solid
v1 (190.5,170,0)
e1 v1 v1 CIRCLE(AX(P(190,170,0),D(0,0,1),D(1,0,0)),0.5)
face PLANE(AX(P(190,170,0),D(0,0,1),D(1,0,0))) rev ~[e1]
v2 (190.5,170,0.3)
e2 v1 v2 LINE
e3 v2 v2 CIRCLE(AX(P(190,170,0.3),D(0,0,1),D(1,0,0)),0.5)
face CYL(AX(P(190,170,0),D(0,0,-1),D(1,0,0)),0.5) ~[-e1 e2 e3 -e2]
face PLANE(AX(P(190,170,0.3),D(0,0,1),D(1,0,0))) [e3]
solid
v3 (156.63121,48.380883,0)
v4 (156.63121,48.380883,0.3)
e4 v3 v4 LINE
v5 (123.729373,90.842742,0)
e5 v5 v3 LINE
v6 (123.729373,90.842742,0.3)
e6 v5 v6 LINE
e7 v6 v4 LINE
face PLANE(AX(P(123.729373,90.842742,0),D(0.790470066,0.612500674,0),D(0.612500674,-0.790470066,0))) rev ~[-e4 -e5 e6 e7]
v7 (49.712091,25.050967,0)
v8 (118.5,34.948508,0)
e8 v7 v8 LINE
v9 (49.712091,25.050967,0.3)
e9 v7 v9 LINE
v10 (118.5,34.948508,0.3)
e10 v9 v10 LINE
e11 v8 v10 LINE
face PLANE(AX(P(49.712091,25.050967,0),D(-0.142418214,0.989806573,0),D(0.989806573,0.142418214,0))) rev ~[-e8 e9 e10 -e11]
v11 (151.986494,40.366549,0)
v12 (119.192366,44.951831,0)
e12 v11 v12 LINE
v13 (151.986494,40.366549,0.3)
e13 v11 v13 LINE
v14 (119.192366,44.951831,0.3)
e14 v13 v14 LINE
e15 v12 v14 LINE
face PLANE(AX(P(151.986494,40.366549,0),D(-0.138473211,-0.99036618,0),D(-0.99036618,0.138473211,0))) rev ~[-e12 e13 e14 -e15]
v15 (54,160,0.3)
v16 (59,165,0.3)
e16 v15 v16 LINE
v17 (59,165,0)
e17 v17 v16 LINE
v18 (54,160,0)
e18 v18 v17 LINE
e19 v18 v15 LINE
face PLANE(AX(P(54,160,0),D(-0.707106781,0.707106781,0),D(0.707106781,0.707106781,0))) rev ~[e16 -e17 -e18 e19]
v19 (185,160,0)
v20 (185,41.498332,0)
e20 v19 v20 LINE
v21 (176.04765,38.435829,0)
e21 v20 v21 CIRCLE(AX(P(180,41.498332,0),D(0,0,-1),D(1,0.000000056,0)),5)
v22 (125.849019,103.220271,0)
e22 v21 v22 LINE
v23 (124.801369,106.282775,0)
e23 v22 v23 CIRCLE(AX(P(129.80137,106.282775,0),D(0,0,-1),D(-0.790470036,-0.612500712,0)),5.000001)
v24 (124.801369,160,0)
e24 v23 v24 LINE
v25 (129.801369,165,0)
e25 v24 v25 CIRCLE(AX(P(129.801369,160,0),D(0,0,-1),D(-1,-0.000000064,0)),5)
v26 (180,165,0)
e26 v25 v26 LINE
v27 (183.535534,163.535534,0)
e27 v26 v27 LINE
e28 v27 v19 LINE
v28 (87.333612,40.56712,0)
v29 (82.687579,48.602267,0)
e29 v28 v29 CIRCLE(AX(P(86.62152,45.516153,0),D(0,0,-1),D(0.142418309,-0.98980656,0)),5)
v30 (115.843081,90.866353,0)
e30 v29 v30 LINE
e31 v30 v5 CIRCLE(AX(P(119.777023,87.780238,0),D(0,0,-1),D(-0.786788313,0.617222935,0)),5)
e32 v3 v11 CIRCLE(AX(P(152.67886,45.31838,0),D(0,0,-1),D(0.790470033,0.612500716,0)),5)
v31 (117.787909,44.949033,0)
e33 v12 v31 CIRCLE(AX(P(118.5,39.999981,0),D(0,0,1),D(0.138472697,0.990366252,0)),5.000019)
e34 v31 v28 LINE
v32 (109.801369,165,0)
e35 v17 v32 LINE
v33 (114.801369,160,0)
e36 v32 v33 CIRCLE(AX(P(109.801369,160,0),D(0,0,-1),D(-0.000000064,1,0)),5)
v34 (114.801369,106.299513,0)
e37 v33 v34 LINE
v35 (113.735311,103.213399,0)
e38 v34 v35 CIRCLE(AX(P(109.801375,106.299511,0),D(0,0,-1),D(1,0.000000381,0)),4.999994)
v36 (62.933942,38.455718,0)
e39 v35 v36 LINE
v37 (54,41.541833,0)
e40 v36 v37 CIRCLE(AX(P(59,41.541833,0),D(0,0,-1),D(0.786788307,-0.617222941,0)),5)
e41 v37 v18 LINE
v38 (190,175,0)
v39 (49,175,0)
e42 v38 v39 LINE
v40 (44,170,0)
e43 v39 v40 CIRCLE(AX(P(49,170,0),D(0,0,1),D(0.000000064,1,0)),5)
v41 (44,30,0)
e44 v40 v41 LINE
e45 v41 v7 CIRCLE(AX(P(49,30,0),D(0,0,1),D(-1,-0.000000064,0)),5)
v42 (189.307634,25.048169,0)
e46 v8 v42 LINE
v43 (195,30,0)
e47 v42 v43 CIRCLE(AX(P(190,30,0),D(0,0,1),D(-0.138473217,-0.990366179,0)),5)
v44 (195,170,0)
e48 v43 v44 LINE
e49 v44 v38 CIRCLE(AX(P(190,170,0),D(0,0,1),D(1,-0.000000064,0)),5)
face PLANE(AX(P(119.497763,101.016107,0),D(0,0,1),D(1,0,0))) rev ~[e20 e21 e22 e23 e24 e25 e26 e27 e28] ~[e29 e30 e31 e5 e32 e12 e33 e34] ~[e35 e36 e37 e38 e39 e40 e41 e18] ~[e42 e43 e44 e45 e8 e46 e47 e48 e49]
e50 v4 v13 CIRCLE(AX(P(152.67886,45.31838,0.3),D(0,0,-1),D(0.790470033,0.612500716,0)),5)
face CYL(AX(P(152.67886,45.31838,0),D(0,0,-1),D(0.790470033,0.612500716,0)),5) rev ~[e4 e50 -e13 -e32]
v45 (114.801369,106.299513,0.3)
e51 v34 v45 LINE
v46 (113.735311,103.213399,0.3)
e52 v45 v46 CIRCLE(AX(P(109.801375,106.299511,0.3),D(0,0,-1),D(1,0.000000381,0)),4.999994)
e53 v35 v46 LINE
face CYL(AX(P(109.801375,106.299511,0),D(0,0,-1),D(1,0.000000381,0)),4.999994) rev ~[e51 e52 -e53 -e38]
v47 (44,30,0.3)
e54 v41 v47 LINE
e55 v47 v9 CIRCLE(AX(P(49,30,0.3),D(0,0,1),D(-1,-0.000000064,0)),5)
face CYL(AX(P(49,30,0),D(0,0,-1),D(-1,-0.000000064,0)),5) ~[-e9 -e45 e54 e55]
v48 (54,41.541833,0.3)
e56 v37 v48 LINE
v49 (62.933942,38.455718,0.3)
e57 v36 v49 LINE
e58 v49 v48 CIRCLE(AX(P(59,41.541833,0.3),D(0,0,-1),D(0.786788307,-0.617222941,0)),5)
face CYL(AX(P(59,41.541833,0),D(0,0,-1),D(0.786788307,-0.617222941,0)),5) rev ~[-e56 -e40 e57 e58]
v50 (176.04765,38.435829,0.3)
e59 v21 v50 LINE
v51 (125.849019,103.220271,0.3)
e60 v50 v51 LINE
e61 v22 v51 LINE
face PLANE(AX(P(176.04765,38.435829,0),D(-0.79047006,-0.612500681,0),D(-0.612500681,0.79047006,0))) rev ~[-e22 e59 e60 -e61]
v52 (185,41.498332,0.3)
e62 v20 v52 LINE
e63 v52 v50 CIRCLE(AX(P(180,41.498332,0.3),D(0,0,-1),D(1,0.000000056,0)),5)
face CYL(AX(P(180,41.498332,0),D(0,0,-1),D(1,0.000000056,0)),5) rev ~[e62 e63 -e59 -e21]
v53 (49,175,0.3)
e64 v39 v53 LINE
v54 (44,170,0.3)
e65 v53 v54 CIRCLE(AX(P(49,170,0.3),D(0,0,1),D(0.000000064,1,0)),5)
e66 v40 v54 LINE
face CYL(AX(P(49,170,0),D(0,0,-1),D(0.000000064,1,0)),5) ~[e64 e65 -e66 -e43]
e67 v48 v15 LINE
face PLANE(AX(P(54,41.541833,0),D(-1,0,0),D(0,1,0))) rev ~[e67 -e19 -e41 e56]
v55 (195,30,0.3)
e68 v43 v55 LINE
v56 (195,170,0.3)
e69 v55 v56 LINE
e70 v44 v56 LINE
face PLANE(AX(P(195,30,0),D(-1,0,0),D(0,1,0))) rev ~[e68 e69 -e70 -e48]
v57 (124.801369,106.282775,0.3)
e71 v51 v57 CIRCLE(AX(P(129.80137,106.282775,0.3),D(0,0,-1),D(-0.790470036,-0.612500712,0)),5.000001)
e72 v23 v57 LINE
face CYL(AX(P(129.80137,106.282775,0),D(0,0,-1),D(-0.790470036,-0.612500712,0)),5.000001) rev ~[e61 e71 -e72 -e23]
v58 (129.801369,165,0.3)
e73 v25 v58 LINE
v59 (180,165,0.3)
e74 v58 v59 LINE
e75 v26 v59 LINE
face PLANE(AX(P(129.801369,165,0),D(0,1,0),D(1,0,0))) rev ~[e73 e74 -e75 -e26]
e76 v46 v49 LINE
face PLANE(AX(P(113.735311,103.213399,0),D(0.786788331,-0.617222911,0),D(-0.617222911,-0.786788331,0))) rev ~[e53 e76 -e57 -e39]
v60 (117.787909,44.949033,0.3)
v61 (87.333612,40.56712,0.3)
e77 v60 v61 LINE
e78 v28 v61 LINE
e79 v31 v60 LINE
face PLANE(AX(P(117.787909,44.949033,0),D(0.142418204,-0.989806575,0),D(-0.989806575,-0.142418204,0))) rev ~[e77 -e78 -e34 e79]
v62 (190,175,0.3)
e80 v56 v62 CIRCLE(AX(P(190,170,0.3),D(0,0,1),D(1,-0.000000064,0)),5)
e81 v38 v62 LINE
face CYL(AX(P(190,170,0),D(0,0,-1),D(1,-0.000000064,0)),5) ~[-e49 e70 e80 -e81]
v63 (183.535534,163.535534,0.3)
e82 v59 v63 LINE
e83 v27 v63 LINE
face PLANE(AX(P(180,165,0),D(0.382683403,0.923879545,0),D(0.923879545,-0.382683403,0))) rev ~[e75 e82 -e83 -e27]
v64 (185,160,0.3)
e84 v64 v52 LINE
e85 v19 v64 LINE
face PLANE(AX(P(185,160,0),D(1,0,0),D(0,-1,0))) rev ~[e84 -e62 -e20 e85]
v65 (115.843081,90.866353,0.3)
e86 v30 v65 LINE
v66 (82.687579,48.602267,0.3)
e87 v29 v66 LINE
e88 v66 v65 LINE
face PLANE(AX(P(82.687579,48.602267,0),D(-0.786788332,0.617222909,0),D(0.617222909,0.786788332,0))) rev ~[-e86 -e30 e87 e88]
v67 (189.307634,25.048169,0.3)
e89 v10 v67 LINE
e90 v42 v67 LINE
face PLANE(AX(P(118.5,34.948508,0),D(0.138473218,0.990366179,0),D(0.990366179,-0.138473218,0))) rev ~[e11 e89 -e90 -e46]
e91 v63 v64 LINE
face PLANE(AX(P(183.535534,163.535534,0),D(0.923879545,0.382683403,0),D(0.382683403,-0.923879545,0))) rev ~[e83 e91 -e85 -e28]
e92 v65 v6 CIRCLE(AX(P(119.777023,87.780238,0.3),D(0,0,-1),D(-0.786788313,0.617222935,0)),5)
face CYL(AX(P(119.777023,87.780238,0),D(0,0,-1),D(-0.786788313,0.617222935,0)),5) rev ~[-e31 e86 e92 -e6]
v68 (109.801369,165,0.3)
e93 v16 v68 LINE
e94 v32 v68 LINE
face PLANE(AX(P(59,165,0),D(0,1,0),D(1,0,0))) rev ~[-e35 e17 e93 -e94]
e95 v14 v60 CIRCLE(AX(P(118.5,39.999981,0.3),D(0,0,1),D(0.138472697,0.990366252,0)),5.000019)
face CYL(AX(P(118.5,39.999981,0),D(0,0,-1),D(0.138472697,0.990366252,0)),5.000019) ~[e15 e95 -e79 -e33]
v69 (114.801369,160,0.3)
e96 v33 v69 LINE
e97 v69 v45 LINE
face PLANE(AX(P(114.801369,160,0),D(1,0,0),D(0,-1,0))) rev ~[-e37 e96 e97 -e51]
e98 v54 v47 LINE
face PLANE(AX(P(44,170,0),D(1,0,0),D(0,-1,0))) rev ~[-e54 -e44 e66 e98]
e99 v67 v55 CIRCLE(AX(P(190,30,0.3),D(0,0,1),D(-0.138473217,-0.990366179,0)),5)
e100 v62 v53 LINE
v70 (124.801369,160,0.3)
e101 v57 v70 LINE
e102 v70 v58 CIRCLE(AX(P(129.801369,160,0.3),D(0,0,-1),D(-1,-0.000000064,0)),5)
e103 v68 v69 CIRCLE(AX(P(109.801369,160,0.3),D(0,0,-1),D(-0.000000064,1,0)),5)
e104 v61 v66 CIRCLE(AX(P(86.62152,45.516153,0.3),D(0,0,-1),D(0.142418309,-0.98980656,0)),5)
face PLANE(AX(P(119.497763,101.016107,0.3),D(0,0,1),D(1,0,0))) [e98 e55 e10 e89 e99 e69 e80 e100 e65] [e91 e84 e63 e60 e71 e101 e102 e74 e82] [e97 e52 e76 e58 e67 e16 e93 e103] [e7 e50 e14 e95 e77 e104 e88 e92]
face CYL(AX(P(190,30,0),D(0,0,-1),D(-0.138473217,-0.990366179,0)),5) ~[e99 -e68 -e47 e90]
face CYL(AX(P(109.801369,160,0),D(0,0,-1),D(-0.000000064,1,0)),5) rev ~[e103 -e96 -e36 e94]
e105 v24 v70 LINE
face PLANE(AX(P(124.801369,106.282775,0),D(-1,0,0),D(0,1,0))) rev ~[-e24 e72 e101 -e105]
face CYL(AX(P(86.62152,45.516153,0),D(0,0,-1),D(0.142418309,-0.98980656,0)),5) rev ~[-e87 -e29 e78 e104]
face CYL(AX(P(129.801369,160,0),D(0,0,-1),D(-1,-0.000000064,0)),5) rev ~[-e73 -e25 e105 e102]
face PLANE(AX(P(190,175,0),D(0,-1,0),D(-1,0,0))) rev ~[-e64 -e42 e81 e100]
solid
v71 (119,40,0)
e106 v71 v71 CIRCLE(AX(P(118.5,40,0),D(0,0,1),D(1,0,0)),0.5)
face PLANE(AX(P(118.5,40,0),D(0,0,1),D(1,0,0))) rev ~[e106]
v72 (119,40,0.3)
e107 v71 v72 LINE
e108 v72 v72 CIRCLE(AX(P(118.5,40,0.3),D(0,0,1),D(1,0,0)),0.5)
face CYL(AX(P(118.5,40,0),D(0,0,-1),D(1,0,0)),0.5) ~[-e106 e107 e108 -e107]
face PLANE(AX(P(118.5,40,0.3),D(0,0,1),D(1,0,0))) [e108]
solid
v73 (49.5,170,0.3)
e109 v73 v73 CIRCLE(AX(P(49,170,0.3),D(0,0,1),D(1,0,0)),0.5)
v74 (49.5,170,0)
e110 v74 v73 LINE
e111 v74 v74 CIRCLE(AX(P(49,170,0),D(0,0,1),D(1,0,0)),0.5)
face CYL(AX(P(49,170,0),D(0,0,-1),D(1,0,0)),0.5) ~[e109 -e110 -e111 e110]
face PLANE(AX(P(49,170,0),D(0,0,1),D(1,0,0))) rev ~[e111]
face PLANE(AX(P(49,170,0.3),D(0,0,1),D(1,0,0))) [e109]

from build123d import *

# Parameters (mm, degrees)
F1_R     = 0.5
F2_DEPTH = 0.3
F4_DEPTH = 0.3


with BuildPart() as f2:
    # F1 (on Top) → F2 (new body)
    with BuildSketch(Plane.XY):
        with Locations((118.5, 40)):
            Circle(F1_R)
        with Locations((190, 170)):
            Circle(F1_R)
        with Locations((49, 170)):
            Circle(F1_R)
    extrude(amount=F2_DEPTH)


with BuildPart() as f4:
    # F3 (on Top) → F4 (new body)
    with BuildSketch(Plane.XY):
        with BuildLine():
            Line((195, 30), (195, 170))
            ThreePointArc((195, 170), (193.535534, 173.535534), (190, 175))
            Line((190, 175), (49, 175))
            ThreePointArc((49, 175), (45.464466, 173.535534), (44, 170))
            Line((44, 170), (44, 30))
            ThreePointArc((44, 30), (45.725894, 26.221081), (49.712091, 25.050967))
            Line((49.712091, 25.050967), (118.5, 34.948508))
            Line((118.5, 34.948508), (189.307634, 25.048169))
            ThreePointArc((189.307634, 25.048169), (193.281628, 26.227611), (195, 30))
        make_face()
        with BuildLine():
            Line((151.986494, 40.366549), (119.192366, 44.951831))
            ThreePointArc((119.192366, 44.951831), (118.490039, 44.99999), (117.787909, 44.949033))
            Line((117.787909, 44.949033), (87.333612, 40.56712))
            ThreePointArc((87.333612, 40.56712), (82.293013, 43.01335), (82.687579, 48.602267))
            Line((82.687579, 48.602267), (115.843081, 90.866353))
            ThreePointArc((115.843081, 90.866353), (119.791993, 92.780216), (123.729373, 90.842742))
            Line((123.729373, 90.842742), (156.63121, 48.380883))
            ThreePointArc((156.63121, 48.380883), (157.004858, 42.811242), (151.986494, 40.366549))
        make_face(mode=Mode.SUBTRACT)
        with BuildLine():
            Line((54, 160), (59, 165))
            Line((59, 165), (109.801369, 165))
            ThreePointArc((109.801369, 165), (113.336903, 163.535534), (114.801369, 160))
            Line((114.801369, 160), (114.801369, 106.299513))
            ThreePointArc((114.801369, 106.299513), (114.527346, 104.666986), (113.735311, 103.213399))
            Line((113.735311, 103.213399), (62.933942, 38.455718))
            ThreePointArc((62.933942, 38.455718), (57.367473, 36.815856), (54, 41.541833))
            Line((54, 41.541833), (54, 160))
        make_face(mode=Mode.SUBTRACT)
        with BuildLine():
            Line((185, 160), (185, 41.498332))
            ThreePointArc((185, 41.498332), (181.618371, 36.767489), (176.04765, 38.435829))
            Line((176.04765, 38.435829), (125.849019, 103.220271))
            ThreePointArc((125.849019, 103.220271), (125.070526, 104.664404), (124.801369, 106.282775))
            Line((124.801369, 106.282775), (124.801369, 160))
            ThreePointArc((124.801369, 160), (126.265835, 163.535534), (129.801369, 165))
            Line((129.801369, 165), (180, 165))
            Line((180, 165), (183.535534, 163.535534))
            Line((183.535534, 163.535534), (185, 160))
        make_face(mode=Mode.SUBTRACT)
    extrude(amount=F4_DEPTH)


solid = Compound([f2.part, f4.part])
